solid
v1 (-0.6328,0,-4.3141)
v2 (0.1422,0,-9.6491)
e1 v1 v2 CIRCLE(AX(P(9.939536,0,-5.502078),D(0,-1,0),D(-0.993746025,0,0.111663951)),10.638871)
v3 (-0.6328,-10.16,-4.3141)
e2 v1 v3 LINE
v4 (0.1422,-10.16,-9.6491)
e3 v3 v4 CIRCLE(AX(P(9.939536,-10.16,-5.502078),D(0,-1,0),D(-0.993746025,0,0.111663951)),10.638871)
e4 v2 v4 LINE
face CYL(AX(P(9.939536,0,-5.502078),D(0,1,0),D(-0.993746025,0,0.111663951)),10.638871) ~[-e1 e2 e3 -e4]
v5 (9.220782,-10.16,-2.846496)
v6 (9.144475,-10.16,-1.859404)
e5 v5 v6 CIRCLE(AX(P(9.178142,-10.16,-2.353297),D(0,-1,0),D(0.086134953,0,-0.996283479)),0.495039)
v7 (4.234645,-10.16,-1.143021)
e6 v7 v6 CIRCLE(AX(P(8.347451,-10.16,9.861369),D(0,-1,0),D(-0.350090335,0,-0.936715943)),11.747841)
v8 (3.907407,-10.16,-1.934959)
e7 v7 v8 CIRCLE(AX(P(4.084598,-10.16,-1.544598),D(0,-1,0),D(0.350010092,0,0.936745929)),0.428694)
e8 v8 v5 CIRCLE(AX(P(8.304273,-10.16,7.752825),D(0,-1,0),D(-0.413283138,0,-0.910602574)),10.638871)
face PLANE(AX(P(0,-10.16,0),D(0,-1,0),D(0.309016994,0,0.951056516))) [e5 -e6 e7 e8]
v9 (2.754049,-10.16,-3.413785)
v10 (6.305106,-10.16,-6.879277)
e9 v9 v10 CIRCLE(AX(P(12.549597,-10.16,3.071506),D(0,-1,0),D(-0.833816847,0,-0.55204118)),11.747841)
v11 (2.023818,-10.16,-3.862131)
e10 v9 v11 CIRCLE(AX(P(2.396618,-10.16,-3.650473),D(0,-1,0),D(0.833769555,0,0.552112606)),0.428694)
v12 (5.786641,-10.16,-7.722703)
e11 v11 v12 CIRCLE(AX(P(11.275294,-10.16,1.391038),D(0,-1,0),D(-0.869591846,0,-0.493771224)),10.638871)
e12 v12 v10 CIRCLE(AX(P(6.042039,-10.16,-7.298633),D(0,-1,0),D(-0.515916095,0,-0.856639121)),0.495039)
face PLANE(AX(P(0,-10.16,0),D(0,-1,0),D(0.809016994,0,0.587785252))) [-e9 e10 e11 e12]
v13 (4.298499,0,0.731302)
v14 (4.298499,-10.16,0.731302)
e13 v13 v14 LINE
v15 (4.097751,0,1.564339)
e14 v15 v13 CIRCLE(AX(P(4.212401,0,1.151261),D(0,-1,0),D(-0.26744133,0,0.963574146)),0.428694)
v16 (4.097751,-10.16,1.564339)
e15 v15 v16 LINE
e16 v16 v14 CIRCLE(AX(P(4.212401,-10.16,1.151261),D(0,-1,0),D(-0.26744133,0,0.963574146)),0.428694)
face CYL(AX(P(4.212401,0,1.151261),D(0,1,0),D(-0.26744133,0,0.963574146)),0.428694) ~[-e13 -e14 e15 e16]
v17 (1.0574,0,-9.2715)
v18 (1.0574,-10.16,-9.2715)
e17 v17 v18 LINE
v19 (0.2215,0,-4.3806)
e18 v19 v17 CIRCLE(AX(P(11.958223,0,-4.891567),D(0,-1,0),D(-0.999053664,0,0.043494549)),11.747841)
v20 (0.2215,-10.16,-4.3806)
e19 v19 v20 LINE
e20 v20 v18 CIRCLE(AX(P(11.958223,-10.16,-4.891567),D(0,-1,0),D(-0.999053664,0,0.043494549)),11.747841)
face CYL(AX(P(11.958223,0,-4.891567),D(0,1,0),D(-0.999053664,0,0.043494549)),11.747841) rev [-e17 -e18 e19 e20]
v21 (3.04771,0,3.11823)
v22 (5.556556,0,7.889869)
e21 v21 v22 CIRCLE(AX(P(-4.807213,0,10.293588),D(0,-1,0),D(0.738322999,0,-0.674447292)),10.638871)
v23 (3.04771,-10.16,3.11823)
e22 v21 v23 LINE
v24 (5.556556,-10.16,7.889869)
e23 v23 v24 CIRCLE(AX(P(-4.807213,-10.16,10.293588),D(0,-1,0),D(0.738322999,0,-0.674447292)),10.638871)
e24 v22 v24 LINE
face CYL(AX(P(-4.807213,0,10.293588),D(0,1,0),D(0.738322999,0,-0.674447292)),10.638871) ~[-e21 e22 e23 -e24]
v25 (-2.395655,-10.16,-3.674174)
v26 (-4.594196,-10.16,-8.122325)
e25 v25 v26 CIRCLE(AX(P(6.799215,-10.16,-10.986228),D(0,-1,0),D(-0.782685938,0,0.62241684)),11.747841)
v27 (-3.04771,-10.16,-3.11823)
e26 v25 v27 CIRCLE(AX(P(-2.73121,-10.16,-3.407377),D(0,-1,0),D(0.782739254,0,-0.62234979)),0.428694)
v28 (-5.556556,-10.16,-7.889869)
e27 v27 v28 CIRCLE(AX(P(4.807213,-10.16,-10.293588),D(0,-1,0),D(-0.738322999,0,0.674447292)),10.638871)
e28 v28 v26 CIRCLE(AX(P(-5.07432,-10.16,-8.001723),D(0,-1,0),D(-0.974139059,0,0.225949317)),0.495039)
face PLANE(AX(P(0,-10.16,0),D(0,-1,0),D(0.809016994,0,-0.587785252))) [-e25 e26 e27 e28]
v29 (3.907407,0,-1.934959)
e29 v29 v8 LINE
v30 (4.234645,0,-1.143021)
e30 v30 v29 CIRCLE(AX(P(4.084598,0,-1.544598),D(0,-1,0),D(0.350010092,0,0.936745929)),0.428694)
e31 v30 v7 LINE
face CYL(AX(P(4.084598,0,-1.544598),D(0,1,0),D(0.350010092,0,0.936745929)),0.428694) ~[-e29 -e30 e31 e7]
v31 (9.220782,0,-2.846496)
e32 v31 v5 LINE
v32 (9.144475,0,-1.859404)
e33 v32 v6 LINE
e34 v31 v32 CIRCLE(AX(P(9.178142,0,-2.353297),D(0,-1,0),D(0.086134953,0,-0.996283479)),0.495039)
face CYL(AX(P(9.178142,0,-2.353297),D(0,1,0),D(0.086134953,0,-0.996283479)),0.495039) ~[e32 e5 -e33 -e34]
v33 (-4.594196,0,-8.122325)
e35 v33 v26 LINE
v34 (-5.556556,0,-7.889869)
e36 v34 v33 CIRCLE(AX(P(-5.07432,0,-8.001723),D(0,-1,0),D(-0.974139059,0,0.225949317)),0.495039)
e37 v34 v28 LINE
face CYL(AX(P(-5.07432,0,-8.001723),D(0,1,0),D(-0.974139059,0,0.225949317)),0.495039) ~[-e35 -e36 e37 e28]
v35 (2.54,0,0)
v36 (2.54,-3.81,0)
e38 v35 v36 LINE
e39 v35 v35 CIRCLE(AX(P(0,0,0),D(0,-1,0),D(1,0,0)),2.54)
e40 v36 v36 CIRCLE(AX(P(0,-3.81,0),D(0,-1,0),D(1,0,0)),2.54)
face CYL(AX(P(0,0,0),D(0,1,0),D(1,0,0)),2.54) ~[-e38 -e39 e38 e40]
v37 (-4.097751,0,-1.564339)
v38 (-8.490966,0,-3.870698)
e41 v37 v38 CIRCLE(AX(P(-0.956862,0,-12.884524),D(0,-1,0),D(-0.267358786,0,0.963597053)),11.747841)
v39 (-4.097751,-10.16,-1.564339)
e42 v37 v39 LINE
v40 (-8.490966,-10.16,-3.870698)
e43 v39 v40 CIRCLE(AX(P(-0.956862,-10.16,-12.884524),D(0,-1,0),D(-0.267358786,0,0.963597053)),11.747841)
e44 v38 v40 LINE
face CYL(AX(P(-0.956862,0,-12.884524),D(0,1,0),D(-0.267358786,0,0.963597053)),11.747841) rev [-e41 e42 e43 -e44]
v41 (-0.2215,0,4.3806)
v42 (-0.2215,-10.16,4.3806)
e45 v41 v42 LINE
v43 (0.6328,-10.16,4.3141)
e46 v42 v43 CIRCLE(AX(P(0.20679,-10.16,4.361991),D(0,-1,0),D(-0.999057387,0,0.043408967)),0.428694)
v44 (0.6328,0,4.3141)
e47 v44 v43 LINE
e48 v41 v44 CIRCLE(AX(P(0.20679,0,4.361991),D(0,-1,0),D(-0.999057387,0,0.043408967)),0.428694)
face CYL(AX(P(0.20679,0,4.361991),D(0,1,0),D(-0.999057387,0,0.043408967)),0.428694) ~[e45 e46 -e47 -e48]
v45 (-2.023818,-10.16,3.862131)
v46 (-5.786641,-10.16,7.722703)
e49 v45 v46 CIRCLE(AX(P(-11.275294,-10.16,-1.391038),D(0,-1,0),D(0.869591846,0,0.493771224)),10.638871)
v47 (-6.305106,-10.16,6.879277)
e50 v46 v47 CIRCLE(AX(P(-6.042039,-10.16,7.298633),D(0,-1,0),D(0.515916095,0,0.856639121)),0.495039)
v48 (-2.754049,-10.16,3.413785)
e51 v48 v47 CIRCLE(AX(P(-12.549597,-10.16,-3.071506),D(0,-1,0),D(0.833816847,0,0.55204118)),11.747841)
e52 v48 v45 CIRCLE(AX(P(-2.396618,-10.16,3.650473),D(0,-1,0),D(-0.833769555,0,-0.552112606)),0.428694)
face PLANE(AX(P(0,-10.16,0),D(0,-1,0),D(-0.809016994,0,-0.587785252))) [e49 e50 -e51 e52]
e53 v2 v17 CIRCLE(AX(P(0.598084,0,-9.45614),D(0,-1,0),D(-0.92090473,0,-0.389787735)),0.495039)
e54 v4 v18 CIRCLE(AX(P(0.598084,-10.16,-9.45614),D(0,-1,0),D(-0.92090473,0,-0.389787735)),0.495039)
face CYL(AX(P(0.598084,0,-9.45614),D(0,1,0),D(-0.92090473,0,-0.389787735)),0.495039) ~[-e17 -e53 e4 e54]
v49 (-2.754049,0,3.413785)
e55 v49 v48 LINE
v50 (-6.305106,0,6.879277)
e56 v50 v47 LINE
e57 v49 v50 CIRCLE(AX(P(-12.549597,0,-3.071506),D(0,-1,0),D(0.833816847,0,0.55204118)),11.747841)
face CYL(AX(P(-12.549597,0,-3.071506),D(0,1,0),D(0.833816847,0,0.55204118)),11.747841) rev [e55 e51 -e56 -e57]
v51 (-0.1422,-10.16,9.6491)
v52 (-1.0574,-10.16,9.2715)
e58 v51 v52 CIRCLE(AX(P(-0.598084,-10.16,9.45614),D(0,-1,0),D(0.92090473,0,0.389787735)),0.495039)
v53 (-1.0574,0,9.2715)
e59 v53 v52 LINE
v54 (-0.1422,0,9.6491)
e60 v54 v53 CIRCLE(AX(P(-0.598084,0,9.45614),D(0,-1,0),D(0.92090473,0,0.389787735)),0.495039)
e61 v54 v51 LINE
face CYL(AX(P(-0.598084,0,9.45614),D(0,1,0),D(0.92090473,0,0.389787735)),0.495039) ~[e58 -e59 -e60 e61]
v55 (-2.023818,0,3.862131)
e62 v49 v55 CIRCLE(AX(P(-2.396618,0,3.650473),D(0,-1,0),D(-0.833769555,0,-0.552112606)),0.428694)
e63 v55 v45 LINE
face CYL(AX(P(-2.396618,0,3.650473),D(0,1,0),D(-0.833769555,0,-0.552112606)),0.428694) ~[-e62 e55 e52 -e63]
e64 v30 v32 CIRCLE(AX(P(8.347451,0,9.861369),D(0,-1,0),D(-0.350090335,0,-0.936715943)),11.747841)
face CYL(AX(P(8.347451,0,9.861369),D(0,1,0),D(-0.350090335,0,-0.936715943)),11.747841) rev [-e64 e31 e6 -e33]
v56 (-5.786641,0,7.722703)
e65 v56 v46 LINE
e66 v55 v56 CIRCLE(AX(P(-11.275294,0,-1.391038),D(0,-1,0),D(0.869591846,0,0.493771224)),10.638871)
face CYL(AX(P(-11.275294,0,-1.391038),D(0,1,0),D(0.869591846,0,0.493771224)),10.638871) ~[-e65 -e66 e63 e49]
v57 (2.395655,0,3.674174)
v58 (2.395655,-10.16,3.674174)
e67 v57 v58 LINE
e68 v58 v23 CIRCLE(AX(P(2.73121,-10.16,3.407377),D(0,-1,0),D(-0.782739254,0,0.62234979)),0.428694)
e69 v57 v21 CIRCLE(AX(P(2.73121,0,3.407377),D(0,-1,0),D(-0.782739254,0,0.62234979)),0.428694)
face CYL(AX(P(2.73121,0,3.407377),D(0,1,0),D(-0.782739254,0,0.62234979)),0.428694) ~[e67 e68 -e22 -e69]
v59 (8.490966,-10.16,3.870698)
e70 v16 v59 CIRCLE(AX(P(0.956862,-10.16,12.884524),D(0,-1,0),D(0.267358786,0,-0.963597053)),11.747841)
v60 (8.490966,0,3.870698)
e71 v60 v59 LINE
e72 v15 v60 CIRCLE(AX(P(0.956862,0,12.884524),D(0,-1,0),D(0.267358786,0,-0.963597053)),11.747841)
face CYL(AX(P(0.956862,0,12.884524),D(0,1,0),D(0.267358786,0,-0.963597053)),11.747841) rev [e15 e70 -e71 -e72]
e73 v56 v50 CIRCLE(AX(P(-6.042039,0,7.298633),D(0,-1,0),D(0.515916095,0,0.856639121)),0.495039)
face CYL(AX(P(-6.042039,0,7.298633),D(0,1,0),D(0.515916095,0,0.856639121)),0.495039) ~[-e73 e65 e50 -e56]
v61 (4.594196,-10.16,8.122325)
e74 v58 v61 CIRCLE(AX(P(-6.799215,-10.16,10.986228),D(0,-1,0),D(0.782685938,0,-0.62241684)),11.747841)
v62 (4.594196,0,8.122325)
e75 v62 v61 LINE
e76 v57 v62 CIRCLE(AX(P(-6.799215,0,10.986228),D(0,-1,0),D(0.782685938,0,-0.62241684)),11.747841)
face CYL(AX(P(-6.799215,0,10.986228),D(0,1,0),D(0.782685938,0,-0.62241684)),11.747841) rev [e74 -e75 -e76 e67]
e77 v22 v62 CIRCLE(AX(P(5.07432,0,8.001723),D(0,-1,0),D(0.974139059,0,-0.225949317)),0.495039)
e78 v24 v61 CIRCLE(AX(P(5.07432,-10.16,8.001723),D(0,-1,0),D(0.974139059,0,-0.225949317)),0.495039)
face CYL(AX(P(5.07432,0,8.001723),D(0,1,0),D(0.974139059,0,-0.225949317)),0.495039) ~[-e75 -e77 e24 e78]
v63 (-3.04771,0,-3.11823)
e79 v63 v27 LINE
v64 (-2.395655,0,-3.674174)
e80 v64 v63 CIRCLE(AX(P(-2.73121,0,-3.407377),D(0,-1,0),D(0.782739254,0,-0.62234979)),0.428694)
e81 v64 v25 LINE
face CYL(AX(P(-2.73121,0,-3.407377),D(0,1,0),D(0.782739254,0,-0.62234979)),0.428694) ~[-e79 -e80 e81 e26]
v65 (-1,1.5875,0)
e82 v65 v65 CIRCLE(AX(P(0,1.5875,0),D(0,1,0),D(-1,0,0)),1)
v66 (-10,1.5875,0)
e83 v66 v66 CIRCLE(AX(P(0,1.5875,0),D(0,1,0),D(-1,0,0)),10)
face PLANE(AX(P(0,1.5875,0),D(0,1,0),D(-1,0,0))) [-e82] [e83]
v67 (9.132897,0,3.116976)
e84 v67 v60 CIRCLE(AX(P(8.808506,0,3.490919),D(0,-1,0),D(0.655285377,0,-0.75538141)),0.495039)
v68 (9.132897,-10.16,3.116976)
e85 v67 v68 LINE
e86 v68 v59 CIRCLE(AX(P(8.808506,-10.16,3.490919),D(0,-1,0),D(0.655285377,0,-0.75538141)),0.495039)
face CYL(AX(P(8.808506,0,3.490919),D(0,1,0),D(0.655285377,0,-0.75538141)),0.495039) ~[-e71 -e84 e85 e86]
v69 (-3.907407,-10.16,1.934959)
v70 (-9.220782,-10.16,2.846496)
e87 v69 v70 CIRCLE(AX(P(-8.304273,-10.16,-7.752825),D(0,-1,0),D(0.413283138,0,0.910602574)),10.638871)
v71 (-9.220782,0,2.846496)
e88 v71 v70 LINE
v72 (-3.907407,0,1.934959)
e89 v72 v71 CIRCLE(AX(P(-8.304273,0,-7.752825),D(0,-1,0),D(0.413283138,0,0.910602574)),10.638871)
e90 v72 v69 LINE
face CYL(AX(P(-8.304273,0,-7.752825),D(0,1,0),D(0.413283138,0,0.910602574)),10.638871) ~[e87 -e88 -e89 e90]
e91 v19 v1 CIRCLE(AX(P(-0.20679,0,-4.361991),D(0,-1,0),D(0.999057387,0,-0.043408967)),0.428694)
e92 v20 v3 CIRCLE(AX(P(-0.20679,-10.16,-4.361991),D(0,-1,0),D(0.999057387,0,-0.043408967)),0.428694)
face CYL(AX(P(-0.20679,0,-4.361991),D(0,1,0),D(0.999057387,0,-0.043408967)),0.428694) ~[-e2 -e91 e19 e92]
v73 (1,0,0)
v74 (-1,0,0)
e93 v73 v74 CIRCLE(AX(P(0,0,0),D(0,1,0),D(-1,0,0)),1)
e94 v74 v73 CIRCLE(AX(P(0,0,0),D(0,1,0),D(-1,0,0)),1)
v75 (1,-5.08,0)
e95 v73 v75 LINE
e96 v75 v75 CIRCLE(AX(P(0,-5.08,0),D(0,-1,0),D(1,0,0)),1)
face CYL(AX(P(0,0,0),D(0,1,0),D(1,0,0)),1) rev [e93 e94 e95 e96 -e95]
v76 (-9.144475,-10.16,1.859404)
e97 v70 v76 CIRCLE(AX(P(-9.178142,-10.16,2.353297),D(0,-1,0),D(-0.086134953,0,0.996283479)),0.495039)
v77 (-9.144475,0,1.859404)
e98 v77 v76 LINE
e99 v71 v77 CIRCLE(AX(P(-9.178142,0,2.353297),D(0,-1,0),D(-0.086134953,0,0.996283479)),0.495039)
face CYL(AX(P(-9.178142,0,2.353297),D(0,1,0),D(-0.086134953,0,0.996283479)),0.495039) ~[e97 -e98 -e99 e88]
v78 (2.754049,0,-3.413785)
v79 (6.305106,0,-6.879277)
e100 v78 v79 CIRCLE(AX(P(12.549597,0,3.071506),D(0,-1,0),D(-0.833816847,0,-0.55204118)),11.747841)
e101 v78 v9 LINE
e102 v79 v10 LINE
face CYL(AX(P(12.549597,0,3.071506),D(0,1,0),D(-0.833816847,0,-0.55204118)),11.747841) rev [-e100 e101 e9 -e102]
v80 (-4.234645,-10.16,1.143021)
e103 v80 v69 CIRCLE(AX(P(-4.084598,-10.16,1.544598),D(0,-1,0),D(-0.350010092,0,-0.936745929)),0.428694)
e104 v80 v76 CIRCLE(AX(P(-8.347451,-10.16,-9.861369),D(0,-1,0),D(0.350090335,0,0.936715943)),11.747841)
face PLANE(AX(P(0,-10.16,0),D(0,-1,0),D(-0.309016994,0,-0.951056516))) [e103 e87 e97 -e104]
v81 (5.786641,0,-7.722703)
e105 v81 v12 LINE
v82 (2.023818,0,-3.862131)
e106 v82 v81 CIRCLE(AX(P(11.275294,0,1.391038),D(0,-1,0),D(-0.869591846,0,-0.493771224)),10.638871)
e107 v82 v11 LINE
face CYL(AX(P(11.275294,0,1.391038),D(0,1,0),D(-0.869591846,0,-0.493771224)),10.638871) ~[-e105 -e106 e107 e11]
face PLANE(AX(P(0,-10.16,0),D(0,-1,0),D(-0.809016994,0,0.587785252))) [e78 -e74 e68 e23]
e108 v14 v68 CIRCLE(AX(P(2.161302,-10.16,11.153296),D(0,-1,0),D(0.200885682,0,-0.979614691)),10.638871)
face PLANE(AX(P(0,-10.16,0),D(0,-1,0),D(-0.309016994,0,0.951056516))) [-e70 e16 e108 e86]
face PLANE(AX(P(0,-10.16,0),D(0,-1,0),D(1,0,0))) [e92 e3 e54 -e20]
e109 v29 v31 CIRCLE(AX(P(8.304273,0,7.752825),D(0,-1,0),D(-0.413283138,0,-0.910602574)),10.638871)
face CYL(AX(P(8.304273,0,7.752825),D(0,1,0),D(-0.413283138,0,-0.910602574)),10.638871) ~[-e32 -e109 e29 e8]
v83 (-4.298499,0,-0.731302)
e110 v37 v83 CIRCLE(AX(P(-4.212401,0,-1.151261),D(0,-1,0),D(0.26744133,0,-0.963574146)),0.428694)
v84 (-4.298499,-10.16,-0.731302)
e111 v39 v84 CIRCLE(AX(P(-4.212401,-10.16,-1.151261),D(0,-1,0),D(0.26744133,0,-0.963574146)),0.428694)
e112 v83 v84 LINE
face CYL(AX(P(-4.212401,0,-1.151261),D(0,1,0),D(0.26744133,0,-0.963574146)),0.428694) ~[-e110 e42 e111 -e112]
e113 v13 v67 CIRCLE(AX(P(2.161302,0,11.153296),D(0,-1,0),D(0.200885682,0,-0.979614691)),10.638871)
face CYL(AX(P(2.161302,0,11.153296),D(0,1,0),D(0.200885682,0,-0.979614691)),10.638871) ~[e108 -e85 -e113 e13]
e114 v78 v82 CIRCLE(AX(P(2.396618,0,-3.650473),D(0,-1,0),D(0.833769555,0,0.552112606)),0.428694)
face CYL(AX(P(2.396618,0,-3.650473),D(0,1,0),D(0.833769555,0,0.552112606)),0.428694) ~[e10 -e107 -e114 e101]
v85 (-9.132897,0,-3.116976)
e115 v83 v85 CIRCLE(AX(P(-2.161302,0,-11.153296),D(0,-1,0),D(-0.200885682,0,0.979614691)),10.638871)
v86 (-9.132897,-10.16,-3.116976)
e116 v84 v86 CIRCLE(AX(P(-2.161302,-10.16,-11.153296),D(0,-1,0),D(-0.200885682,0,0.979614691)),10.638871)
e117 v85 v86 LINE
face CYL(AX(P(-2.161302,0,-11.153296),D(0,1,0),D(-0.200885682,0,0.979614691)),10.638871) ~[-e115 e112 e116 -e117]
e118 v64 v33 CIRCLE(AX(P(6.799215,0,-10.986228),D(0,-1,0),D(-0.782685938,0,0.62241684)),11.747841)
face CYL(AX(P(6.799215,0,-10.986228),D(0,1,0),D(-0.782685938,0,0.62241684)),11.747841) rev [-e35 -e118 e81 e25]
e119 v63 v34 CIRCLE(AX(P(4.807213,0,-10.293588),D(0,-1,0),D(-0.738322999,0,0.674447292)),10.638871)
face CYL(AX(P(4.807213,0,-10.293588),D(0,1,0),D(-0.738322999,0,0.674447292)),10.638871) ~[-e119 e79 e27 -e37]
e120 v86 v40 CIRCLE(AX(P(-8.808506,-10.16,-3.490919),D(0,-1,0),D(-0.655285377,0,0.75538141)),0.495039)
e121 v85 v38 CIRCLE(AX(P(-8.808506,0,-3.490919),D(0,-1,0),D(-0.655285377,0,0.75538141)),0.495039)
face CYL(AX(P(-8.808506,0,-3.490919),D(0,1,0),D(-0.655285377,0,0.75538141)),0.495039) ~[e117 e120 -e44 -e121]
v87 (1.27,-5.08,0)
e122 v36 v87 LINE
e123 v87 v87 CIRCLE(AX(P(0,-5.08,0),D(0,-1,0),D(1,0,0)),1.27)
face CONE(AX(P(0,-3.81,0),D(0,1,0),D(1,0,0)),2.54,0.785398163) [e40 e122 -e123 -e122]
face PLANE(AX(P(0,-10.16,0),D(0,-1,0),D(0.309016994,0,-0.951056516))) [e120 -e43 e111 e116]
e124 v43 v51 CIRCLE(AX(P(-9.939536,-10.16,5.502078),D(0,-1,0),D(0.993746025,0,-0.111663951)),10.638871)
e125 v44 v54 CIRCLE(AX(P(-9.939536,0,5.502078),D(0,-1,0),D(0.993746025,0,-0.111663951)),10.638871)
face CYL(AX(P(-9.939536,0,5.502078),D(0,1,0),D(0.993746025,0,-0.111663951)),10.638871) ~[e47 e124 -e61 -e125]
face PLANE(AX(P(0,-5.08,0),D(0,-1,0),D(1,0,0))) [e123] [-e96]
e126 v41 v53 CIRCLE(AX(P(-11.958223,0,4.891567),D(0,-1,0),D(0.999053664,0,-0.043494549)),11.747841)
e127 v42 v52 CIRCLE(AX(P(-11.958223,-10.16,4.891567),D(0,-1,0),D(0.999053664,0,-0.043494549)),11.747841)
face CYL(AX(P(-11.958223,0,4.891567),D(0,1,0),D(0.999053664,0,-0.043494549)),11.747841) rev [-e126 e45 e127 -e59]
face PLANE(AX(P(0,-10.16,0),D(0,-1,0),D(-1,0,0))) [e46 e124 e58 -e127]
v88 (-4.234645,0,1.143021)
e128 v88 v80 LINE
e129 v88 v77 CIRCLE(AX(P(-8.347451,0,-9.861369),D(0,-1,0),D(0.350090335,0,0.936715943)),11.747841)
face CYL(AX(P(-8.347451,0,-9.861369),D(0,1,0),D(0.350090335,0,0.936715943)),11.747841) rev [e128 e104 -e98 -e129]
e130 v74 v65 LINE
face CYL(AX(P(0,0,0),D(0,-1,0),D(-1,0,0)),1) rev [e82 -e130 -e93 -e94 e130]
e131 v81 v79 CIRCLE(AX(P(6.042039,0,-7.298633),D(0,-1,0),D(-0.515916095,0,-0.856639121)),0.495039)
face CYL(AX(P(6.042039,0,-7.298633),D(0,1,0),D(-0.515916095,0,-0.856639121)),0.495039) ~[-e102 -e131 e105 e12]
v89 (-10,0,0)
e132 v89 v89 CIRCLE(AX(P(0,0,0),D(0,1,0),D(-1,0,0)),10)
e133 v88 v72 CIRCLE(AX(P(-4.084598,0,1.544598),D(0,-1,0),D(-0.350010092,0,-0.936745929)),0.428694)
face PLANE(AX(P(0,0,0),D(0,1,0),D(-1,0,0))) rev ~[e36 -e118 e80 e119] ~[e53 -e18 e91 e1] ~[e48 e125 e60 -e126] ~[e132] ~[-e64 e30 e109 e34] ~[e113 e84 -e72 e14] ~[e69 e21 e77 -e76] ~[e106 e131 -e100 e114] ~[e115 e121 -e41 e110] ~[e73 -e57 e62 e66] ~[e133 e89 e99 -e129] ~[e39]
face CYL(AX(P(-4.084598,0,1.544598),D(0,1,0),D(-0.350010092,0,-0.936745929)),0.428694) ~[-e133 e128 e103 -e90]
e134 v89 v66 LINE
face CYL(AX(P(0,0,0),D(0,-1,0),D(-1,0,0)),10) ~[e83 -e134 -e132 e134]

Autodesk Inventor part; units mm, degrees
ref_plane "YZ Plane" through (0, 0, 0) normal (1, 0, 0) x (0, 1, 0)
ref_plane "XZ Plane" through (0, 0, 0) normal (0, 1, 0) x (-1, 0, 0)
ref_plane "XY Plane" through (0, 0, 0) normal (0, 0, 1) x (1, 0, 0)
sketch "Sketch1" plane through (0, 0, 0) normal (0, 1, 0) x (-1, 0, 0)
  circle A0 centre (0, 0) radius 10
  circle A1 centre (0, 0) radius 1
  dimension "d0" = 20
  dimension "d1" = 2
extrude "Extrusion1" add sketch "Sketch1" along normal blind 1.5875
sketch "Sketch2" plane through (0, 0, 0) normal (0, -1, 0) x (1, 0, 0)
  circle A0 centre (0, 0) radius 1
  circle A1 centre (0, 0) radius 2.54
  dimension "d4" = 5.08
extrude "Extrusion2" add sketch "Sketch2" along normal blind 5.08
sketch "Sketch3" plane through (0, 0, 0) normal (0, -1, 0) x (1, 0, 0)
  arc A0 (0.2215, -4.3806) -> (1.0574, -9.2715) centre (11.9577, -4.8916) ccw
  arc A1 (-0.6328, -4.3141) -> (0.1422, -9.6491) centre (9.9382, -5.5021) ccw
  arc A2 (0.1422, -9.6491) -> (1.0574, -9.2715) centre (0.5981, -9.4561) ccw
  arc A3 (0.2215, -4.3806) -> (-0.6328, -4.3141) centre (-0.2068, -4.362) ccw
  point P0 (0, 0)
  dimension "d7" = 1
extrude "Extrusion3" add sketch "Sketch3" along normal blind 10.16
pattern_circular "Circular Pattern1" count 10 over 360 about axis through (0, 0, 0) along (0, 1, 0) of "Extrusion3"
chamfer "Chamfer1" distance 1.27 angle 45 1 edges at (-2.54, -5.08, 0)
properties part number "Fan Blade"
